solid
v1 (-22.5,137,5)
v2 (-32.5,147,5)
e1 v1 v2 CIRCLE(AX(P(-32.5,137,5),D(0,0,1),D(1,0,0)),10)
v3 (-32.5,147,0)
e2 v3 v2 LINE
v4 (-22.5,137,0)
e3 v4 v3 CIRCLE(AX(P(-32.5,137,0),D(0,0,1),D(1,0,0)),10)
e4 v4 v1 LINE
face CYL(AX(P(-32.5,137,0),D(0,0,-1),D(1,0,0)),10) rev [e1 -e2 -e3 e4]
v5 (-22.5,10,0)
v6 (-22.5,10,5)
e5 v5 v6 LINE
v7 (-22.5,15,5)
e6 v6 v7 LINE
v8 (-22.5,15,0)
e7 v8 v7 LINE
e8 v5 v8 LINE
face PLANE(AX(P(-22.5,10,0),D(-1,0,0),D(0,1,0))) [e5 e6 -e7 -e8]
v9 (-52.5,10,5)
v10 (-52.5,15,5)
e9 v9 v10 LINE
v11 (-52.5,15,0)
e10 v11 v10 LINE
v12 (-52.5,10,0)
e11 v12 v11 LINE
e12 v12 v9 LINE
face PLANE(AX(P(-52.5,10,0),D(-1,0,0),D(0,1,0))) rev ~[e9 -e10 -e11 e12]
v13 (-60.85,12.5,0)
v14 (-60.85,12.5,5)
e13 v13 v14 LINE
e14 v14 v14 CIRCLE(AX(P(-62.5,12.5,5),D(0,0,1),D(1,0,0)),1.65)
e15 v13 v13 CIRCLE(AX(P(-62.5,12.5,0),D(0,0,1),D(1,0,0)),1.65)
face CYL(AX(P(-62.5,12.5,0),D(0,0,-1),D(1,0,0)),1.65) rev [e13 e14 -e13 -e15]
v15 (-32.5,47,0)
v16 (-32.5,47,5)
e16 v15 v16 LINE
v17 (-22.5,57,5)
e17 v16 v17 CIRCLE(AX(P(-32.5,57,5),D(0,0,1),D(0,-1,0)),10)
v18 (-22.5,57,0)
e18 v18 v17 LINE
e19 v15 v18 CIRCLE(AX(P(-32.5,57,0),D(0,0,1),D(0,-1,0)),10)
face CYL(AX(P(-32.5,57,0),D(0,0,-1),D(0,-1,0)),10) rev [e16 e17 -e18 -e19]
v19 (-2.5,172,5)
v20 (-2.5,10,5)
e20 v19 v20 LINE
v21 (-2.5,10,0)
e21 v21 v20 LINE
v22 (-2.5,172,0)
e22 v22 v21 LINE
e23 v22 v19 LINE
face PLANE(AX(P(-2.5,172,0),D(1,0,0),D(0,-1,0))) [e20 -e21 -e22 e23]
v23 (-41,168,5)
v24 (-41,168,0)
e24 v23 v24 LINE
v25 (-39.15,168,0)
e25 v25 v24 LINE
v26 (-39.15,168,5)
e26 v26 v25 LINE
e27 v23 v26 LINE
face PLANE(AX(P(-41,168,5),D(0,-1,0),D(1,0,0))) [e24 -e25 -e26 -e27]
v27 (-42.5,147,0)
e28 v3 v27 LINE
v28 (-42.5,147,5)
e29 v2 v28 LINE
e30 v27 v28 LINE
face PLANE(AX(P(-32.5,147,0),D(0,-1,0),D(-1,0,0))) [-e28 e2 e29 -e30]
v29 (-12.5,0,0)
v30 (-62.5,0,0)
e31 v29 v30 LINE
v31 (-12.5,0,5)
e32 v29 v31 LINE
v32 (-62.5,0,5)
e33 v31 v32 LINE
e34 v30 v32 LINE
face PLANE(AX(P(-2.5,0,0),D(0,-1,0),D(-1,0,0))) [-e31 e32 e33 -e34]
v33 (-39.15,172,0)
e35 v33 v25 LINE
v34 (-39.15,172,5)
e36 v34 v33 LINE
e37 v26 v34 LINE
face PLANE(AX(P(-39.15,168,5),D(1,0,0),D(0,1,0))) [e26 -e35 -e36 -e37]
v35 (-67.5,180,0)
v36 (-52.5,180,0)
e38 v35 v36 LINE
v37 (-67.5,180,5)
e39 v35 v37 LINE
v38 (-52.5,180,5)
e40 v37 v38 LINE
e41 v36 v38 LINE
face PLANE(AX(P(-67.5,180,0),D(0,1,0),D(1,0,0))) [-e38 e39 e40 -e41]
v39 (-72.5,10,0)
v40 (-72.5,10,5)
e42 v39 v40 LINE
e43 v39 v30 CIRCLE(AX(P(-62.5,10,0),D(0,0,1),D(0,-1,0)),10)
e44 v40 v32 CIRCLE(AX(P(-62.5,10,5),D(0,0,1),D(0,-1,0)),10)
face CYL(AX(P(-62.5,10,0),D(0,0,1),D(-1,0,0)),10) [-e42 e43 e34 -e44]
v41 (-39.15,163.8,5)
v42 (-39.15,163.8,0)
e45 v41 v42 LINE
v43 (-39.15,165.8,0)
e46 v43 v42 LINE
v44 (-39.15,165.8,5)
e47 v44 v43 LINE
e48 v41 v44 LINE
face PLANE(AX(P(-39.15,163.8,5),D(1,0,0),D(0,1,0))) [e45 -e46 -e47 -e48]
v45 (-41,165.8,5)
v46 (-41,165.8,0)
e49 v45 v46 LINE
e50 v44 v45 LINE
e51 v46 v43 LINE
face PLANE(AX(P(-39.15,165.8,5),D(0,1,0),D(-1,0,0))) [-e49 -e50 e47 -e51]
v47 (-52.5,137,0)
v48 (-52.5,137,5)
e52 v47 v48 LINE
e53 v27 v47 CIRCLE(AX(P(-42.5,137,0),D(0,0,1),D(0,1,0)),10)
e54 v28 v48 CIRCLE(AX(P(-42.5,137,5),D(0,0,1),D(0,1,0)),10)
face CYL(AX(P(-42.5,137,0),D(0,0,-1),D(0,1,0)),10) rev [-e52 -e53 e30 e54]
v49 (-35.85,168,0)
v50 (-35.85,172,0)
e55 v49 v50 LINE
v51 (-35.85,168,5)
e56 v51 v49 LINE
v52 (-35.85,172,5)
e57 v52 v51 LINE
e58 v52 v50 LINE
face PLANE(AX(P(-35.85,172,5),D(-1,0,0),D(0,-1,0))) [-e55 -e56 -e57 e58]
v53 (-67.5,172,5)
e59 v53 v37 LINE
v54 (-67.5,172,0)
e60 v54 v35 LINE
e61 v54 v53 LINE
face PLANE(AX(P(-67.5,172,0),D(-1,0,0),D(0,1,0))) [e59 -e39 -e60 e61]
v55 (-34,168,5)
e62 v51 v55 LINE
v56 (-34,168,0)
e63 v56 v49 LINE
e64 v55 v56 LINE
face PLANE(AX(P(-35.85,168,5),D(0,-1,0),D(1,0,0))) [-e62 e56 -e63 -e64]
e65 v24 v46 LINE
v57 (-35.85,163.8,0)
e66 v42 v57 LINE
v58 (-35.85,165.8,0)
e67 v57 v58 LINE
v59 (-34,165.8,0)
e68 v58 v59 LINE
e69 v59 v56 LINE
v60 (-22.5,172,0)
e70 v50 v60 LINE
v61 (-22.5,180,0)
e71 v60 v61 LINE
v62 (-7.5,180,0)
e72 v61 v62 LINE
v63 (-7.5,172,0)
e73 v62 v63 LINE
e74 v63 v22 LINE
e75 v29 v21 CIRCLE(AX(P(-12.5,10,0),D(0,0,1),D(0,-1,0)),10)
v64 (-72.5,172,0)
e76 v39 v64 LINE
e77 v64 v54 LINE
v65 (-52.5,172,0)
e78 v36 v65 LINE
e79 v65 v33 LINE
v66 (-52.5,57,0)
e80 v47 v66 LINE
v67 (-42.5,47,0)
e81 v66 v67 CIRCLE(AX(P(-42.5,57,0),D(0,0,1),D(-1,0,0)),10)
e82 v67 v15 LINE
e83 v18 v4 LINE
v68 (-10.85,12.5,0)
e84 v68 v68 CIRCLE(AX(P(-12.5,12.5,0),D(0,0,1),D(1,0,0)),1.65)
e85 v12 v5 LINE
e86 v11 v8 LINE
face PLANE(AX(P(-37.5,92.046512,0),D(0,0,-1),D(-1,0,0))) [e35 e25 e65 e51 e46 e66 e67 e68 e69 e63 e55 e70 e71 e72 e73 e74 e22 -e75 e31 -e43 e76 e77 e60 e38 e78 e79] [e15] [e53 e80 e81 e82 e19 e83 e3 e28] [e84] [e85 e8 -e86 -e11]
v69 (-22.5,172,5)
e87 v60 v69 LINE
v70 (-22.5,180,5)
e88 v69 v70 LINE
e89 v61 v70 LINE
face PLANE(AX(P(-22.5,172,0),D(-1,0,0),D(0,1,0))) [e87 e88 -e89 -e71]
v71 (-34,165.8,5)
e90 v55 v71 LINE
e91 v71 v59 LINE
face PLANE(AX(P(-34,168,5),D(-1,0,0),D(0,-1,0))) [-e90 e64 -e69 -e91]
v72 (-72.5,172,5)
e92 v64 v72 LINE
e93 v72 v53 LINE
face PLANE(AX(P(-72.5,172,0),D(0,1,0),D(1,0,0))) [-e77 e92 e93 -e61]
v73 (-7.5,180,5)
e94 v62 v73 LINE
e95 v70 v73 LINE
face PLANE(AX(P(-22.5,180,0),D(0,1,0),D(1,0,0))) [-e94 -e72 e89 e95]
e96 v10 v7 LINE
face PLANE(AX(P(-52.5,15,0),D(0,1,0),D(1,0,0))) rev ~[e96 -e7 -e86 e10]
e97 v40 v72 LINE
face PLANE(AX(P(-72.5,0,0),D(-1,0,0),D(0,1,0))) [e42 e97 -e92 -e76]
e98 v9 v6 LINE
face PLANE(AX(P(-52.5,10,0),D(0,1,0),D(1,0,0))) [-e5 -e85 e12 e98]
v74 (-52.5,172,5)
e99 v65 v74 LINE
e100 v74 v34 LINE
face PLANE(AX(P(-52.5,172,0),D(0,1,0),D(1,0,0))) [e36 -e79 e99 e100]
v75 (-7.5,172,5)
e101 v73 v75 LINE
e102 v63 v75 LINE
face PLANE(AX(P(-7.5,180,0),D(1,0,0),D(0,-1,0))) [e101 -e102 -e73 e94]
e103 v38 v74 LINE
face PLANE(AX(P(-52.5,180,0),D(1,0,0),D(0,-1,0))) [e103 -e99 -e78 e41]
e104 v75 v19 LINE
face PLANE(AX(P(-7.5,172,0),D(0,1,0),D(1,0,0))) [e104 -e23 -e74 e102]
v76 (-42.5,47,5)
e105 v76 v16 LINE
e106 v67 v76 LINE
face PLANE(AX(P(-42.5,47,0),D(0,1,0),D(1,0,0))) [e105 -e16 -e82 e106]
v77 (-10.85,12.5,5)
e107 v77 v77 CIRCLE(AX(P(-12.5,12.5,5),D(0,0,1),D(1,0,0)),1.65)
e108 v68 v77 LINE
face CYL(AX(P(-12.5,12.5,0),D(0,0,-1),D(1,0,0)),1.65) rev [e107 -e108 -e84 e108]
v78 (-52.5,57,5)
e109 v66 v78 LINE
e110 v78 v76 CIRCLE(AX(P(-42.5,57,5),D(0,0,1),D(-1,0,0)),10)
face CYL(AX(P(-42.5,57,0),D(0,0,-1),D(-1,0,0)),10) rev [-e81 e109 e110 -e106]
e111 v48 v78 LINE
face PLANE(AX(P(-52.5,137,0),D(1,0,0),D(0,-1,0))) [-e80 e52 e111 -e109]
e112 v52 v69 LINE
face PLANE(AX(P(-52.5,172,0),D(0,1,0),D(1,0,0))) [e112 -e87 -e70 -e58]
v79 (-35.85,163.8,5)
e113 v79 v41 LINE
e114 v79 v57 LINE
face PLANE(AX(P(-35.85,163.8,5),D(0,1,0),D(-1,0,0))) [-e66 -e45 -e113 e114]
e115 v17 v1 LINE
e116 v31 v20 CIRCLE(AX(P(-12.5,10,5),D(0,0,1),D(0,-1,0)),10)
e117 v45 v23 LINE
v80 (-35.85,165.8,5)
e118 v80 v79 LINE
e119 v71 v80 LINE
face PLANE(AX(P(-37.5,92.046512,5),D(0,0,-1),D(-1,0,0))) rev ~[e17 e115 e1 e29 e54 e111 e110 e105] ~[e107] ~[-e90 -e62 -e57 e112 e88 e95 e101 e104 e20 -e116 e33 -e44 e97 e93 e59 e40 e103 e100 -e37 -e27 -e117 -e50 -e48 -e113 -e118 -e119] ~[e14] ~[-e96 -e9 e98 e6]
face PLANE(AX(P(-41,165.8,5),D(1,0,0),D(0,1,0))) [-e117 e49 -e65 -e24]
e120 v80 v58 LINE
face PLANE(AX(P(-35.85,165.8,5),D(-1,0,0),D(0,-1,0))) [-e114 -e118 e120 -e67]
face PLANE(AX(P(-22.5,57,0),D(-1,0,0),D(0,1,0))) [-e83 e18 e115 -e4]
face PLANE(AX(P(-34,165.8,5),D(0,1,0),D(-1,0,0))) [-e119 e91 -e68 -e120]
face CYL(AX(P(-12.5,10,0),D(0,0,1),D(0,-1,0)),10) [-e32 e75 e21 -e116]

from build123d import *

# Parameters (mm, degrees)
SKETCH1_R           = 1.65
SKETCH1_W           = 30
SKETCH1_H           = 5
BOSS_EXTRUDE1_DEPTH = 5
CUT_EXTRUDE1_DEPTH  = 6
FILLET1_R           = 10


with BuildPart() as part:
    # Sketch1 → Boss-Extrude1 (new body)
    with BuildSketch(Plane.XY):
        Polygon((-52.5, 172), (-22.5, 172), (-22.5, 180), (-7.5, 180), (-7.5, 172), (-2.5, 172), (-2.5, 0), (-72.5, 0), (-72.5, 172), (-67.5, 172), (-67.5, 180), (-52.5, 180), align=None)
        with Locations((-62.5, 12.5)):
            Circle(SKETCH1_R, mode=Mode.SUBTRACT)
        with Locations((-12.5, 12.5)):
            Circle(SKETCH1_R, mode=Mode.SUBTRACT)
        with Locations((-37.5, 12.5)):
            Rectangle(SKETCH1_W, SKETCH1_H, mode=Mode.SUBTRACT)
        with BuildLine():
            Line((-32.5, 147), (-42.5, 147))
            ThreePointArc((-42.5, 147), (-49.571067812, 144.071067812), (-52.5, 137))
            Line((-52.5, 137), (-52.5, 57))
            ThreePointArc((-52.5, 57), (-49.571067812, 49.928932188), (-42.5, 47))
            Line((-42.5, 47), (-32.5, 47))
            ThreePointArc((-32.5, 47), (-25.428932188, 49.928932188), (-22.5, 57))
            Line((-22.5, 57), (-22.5, 137))
            ThreePointArc((-22.5, 137), (-25.428932188, 144.071067812), (-32.5, 147))
        make_face(mode=Mode.SUBTRACT)
    extrude(amount=BOSS_EXTRUDE1_DEPTH)

    # Sketch2 → Cut-Extrude1 (cut, through all)
    with BuildSketch(Plane.XY.offset(5)):
        Polygon((-35.85, 172), (-35.85, 168), (-34, 168), (-34, 165.8), (-35.85, 165.8), (-35.85, 163.8), (-39.15, 163.8), (-39.15, 165.8), (-41, 165.8), (-41, 168), (-39.15, 168), (-39.15, 172), align=None)
    extrude(amount=-CUT_EXTRUDE1_DEPTH, mode=Mode.SUBTRACT)

    # Fillet1
    fillet1_edges = [part.edges().sort_by_distance(p)[0] for p in [
        (-2.5, 0, 2.5),
        (-72.5, 0, 2.5),
    ]]
    fillet(fillet1_edges, radius=FILLET1_R)


solid = part.part
